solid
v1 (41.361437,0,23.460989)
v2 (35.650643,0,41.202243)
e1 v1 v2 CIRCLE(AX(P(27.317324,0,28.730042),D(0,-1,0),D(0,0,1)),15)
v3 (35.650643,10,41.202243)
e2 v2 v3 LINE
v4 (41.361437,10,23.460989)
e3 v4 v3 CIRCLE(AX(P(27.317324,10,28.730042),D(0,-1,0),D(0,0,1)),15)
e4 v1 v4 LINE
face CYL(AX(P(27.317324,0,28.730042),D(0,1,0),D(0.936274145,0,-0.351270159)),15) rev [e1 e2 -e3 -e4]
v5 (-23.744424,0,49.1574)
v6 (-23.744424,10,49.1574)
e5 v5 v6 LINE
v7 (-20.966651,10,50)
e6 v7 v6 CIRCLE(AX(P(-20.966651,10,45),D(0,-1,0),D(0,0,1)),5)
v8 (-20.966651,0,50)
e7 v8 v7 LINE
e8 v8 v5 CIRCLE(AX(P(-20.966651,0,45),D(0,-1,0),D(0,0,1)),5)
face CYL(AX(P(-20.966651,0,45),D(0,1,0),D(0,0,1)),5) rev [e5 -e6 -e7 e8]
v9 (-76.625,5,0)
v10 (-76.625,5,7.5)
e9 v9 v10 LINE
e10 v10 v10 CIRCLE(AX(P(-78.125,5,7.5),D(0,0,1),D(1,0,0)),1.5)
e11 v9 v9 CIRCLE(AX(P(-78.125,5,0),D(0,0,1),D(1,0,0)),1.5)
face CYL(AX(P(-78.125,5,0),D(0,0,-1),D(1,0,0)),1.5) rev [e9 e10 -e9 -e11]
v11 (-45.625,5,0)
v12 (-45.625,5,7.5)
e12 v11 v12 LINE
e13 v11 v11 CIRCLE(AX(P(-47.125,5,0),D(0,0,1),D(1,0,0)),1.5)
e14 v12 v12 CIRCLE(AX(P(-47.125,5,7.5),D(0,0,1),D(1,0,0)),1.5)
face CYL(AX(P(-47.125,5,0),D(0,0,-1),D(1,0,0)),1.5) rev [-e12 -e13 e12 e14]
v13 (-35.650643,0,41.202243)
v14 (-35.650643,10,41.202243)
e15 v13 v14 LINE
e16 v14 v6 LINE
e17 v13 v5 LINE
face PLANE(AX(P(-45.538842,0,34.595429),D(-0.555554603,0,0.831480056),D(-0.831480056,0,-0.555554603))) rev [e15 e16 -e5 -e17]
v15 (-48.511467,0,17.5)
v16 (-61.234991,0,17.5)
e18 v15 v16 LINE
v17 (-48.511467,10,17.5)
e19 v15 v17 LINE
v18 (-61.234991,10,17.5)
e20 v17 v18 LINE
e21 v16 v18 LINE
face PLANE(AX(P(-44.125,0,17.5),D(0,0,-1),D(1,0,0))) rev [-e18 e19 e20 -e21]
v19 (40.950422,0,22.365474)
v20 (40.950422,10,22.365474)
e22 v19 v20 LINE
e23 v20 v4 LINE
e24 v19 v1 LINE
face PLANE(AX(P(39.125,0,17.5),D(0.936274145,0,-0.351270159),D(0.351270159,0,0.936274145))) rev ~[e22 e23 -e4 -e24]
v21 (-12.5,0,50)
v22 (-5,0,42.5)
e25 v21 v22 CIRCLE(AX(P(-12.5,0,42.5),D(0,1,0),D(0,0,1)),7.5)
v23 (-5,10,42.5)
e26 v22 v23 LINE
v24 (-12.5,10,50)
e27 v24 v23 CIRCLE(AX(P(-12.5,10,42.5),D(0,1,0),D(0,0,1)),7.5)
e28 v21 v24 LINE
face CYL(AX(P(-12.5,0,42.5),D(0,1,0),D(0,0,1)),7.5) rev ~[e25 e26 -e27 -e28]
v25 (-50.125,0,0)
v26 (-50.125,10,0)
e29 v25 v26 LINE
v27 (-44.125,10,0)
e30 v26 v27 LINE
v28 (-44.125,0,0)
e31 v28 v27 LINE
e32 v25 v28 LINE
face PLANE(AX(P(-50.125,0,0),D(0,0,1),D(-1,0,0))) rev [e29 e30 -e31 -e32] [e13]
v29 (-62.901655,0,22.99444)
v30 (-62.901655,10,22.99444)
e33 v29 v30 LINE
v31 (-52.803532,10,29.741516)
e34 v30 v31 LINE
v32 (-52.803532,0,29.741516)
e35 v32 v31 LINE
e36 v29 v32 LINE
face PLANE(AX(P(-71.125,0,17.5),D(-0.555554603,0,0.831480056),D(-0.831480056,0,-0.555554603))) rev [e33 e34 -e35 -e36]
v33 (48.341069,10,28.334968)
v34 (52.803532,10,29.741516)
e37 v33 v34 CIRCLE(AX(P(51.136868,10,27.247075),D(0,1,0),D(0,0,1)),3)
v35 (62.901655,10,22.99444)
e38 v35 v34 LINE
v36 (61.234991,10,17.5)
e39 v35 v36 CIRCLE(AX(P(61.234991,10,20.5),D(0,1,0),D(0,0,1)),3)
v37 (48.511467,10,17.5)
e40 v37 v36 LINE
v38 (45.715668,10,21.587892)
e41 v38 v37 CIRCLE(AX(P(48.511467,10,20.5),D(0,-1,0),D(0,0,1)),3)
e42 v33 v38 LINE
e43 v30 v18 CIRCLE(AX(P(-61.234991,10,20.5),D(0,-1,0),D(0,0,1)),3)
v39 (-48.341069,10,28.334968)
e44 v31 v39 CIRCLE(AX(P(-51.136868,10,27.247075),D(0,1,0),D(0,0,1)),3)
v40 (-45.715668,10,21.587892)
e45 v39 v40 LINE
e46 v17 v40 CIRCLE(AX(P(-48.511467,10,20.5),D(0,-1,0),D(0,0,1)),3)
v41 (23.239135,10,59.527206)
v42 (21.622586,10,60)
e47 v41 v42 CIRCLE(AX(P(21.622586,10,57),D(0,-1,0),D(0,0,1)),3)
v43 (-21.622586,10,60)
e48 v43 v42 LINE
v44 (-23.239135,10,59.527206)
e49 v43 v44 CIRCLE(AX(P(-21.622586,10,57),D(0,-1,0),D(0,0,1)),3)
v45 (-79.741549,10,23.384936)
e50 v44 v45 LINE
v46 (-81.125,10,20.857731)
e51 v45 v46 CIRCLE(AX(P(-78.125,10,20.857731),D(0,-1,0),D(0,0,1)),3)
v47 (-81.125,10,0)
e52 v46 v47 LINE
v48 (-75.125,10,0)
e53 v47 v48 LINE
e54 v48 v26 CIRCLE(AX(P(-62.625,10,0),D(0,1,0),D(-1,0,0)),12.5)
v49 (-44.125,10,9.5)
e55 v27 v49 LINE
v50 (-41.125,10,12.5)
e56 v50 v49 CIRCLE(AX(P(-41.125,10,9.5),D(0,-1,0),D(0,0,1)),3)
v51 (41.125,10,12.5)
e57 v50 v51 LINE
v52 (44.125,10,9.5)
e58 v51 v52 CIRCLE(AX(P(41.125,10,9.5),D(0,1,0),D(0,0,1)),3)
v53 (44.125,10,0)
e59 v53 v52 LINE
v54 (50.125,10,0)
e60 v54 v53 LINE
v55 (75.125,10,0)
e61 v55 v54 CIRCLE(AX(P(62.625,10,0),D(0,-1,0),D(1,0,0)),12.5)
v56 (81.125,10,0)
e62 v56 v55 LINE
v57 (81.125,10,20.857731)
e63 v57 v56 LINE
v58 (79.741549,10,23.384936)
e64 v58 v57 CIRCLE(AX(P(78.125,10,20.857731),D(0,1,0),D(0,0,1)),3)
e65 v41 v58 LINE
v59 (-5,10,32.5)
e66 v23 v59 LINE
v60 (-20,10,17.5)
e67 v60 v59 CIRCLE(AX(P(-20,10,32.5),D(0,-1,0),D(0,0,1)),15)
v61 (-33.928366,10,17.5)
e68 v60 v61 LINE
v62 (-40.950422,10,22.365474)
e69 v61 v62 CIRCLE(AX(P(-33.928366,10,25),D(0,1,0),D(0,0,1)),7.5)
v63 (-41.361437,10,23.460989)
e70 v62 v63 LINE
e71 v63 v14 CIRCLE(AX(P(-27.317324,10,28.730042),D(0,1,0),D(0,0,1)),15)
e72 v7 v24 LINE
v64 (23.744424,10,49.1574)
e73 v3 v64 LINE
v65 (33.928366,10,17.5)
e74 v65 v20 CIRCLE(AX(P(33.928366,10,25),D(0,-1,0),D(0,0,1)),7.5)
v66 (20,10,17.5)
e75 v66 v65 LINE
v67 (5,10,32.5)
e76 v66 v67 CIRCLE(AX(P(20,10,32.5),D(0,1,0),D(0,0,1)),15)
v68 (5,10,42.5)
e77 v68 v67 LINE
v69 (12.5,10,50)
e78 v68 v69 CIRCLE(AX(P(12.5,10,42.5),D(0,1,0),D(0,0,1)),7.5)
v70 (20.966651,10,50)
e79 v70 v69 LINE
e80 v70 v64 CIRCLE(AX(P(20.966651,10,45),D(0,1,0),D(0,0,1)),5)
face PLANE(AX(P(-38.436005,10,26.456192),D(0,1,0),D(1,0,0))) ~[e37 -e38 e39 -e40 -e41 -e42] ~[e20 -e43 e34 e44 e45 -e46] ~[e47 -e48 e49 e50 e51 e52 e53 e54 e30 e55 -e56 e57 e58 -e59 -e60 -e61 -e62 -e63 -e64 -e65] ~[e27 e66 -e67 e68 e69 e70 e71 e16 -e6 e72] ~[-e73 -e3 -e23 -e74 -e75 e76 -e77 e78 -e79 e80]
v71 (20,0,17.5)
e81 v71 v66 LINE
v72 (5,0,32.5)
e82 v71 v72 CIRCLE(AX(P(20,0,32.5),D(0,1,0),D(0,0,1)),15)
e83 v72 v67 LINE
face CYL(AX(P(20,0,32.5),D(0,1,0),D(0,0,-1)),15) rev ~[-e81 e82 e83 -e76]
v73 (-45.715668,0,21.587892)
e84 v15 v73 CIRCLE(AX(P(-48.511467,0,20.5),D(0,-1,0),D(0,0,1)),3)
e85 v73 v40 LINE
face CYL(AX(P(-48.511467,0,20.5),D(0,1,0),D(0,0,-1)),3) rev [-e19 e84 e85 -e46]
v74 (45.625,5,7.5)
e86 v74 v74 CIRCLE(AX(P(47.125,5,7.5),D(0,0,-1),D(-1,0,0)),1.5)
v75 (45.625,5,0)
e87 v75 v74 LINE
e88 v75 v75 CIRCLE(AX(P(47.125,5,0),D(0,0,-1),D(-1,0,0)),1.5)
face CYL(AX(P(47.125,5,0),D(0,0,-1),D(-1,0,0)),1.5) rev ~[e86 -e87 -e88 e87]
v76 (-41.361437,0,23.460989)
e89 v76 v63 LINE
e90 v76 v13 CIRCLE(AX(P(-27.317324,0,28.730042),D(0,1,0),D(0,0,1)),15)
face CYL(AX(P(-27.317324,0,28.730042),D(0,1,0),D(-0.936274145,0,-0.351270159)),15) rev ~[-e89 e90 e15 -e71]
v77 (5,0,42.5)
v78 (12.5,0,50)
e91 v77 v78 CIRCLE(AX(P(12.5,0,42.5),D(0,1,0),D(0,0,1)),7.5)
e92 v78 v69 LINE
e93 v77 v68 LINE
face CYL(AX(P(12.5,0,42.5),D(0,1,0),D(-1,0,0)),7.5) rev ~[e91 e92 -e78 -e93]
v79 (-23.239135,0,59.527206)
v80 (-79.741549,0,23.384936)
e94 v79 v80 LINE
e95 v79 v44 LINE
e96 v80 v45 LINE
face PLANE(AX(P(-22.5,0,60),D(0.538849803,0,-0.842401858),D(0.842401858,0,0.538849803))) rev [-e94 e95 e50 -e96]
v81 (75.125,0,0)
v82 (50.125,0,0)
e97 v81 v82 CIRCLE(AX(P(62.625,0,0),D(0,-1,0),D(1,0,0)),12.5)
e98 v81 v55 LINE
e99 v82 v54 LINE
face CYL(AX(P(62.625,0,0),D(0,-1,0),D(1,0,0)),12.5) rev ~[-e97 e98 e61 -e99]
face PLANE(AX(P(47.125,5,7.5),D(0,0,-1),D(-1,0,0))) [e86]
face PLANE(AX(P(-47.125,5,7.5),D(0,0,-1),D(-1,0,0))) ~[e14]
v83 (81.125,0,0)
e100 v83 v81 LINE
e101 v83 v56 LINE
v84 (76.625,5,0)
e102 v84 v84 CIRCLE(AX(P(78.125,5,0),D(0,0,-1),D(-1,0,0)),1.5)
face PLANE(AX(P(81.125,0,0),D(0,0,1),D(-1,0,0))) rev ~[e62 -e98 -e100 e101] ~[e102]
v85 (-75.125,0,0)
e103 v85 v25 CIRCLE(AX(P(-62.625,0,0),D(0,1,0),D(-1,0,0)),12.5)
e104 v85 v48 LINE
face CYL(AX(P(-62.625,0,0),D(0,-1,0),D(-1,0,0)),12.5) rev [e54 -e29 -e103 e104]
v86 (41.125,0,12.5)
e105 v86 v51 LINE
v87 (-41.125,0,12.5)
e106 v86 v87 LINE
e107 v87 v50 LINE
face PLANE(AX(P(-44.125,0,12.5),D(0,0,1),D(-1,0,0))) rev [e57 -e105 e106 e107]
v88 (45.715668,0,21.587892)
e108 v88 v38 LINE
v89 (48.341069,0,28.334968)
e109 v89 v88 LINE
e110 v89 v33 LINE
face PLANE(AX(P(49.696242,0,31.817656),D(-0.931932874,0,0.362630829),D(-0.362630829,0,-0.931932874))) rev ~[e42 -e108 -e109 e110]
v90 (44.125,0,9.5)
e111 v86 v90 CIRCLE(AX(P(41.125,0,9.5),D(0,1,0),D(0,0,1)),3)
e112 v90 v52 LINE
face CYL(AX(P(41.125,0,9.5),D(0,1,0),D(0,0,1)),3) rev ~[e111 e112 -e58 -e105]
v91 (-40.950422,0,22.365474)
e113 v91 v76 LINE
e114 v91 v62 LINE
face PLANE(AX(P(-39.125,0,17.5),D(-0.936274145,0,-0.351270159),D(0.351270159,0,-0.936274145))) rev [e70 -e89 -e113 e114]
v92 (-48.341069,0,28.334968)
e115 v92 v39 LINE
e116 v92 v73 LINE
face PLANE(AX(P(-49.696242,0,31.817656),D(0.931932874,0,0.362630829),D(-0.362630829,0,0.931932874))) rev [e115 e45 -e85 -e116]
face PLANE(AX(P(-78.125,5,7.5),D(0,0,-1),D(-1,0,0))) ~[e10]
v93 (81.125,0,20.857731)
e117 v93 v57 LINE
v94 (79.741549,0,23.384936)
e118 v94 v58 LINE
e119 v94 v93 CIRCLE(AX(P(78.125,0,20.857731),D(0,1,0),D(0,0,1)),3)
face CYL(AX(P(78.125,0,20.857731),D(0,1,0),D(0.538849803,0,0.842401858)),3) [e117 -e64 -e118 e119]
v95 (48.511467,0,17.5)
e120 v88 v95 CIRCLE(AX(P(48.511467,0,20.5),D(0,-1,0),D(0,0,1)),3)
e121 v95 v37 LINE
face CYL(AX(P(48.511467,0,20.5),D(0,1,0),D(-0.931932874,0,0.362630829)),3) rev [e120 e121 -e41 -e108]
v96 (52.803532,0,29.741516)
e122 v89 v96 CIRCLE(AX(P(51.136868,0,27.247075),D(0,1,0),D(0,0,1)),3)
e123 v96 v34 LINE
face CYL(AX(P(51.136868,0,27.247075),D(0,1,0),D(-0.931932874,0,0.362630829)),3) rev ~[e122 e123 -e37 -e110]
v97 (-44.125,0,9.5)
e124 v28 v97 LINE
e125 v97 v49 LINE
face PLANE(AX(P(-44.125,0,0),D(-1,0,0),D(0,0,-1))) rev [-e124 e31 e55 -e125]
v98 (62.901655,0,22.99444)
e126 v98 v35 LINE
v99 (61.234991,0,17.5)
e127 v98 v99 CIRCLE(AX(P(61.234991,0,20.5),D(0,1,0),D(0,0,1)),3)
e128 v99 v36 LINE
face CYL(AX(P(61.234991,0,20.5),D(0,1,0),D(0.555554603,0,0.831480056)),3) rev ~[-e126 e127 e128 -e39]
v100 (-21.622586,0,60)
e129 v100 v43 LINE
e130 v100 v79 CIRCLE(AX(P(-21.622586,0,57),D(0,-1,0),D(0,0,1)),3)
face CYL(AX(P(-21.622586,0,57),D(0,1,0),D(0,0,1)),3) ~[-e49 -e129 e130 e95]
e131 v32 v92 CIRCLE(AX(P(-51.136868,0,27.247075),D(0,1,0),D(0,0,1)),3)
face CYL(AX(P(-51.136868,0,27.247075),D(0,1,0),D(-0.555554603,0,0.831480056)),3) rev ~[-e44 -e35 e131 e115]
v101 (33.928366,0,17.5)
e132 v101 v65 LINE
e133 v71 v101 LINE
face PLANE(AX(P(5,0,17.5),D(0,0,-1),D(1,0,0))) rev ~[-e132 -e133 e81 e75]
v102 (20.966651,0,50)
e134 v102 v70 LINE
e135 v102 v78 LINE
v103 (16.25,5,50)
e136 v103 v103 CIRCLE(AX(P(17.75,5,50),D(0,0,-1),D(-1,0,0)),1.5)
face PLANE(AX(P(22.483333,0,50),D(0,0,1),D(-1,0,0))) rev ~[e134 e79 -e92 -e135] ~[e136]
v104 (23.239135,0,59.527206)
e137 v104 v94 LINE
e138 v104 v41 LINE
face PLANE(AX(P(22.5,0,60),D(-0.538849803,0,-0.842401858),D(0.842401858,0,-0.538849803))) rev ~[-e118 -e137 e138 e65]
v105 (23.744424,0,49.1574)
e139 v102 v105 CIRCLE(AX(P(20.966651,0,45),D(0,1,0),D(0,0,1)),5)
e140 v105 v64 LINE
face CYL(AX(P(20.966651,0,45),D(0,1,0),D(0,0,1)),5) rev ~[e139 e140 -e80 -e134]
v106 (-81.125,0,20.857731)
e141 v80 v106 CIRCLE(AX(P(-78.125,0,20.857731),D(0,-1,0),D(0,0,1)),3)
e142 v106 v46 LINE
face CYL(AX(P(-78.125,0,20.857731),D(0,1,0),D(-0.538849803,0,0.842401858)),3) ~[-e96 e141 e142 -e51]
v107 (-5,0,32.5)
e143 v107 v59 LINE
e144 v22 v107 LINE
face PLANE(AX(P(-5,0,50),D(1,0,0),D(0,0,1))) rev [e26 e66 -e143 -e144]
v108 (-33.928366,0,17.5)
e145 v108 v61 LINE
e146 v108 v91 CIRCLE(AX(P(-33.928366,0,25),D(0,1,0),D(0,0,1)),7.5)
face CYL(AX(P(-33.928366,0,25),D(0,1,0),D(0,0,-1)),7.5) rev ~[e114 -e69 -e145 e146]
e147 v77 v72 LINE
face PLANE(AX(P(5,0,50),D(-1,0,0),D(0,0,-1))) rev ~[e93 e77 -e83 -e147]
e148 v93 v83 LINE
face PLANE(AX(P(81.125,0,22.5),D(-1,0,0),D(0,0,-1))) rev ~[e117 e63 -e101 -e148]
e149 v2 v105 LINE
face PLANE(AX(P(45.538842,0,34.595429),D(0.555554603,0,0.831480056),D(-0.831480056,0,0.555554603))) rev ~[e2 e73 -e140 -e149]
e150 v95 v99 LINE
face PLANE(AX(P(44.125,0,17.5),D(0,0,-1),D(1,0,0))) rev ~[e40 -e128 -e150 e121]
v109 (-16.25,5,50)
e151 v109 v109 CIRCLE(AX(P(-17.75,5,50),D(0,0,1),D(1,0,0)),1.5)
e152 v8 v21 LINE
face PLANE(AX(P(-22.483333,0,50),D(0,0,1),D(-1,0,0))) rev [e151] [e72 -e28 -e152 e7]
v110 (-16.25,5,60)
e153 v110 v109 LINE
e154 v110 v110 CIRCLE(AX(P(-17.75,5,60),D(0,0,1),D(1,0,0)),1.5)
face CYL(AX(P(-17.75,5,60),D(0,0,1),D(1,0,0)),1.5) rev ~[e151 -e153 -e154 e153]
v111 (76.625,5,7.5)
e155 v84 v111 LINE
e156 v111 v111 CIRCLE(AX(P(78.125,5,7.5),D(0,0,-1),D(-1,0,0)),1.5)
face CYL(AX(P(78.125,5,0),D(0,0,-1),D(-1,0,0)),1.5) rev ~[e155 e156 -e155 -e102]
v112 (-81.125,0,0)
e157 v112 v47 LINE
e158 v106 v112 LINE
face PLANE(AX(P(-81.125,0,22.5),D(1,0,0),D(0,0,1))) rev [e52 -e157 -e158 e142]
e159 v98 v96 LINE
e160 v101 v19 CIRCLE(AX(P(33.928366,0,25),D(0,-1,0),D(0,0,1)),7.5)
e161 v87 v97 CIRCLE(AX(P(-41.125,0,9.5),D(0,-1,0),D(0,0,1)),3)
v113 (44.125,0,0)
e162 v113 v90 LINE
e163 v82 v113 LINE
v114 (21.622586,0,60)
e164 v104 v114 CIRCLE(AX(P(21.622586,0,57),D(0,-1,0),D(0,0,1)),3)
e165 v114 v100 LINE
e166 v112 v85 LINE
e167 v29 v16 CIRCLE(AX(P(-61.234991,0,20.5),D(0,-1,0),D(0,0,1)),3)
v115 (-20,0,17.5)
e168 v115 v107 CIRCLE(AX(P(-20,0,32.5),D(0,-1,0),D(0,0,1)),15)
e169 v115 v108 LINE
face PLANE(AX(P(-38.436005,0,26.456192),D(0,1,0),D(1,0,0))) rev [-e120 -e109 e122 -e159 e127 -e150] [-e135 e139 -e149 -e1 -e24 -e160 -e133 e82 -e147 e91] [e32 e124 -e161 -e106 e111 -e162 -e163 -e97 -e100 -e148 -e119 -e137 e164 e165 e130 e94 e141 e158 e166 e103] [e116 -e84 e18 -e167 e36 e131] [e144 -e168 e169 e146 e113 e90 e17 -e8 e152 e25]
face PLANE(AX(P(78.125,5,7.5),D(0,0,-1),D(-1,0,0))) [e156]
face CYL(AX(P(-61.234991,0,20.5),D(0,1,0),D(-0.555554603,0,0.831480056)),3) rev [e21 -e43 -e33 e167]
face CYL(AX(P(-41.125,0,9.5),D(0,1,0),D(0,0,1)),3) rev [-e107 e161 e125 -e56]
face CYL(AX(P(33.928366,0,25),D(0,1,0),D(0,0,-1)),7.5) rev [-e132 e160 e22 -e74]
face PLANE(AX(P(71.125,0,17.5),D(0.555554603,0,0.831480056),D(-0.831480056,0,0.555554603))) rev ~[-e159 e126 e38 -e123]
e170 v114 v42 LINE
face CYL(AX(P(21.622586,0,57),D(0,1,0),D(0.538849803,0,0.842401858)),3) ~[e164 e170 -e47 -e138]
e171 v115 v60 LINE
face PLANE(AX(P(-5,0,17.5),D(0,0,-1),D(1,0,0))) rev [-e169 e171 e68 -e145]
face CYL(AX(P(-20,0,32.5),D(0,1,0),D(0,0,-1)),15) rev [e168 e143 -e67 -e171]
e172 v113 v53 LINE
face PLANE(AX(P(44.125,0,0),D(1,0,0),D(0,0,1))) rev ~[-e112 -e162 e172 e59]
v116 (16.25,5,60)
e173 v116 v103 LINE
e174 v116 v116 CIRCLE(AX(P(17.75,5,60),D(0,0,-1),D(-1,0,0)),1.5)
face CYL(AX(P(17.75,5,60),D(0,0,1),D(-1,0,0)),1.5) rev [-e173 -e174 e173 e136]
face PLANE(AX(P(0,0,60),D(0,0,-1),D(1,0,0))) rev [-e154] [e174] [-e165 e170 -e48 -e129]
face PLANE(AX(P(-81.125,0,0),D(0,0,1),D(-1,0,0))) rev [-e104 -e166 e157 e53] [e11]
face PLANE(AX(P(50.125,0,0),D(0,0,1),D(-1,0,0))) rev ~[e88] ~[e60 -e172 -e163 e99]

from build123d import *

# Parameters (mm, degrees)
BOSS_EXTRUDE1_DEPTH = 10
CUT_EXTRUDE5_REACH  = 103.397
SKETCH9_R           = 1.5
FILLET10_R          = 3
FILLET11_R          = 3
FILLET12_R          = 3
FILLET13_R          = 7.5
FILLET14_R          = 15
FILLET16_R          = 15
FILLET18_R          = 15
FILLET19_R          = 7.5
FILLET22_R          = 3
FILLET23_R          = 3
FILLET24_R          = 15
FILLET25_R          = 3
FILLET26_R          = 3
FILLET27_R          = 3
FILLET28_R          = 3
FILLET29_R          = 3
FILLET30_R          = 3
FILLET31_R          = 3
SKETCH11_R          = 1.5
CUT_EXTRUDE6_DEPTH  = 7.5
FILLET32_R          = 7.5
FILLET33_R          = 5
FILLET34_R          = 7.5
FILLET36_R          = 5


with BuildPart() as part:
    # Sketch1 → Boss-Extrude1 (new body)
    with BuildSketch(Plane(origin=(0, 0, 0), x_dir=(1, 0, 0), z_dir=(0, 1, 0))):
        with BuildLine():
            Line((0, -12.5), (0, -60))
            Line((0, -60), (22.5, -60))
            Line((22.5, -60), (81.125, -22.5))
            Line((81.125, -22.5), (81.125, 0))
            Line((81.125, 0), (75.125, 0))
            ThreePointArc((75.125, 0), (62.625, -12.5), (50.125, 0))
            Line((50.125, 0), (44.125, 0))
            Line((44.125, 0), (44.125, -12.5))
            Line((44.125, -12.5), (0, -12.5))
        make_face()
        Polygon((39.125, -17.5), (45.538841531, -34.595428821), (22.483333333, -50), (5, -50), (5, -17.5), align=None, mode=Mode.SUBTRACT)
        Polygon((71.125, -17.5), (49.69624181, -31.817655806), (44.125, -17.5), align=None, mode=Mode.SUBTRACT)
    boss_extrude1 = extrude(amount=BOSS_EXTRUDE1_DEPTH)

    # Mirror1: Boss-Extrude1 across plane
    add(boss_extrude1.mirror(Plane(origin=(0, 10, 0), x_dir=(0, 0, 1), z_dir=(-1, 0, 0))))

    # Sketch9 → Cut-Extrude5 (cut, up to next)
    with BuildSketch(Plane.XY.offset(60), mode=Mode.PRIVATE) as cut_extrude5_sk1:
        with Locations((-17.75, 5)):
            Circle(SKETCH9_R)
    cut_extrude5_tool1 = extrude(cut_extrude5_sk1.sketch, amount=-CUT_EXTRUDE5_REACH, mode=Mode.PRIVATE) & part.part
    cut_extrude5 = cut_extrude5_tool1.solids().sort_by_distance((-17.75, 5, 60))[0]
    add(cut_extrude5, mode=Mode.SUBTRACT)

    # Mirror2: Cut-Extrude5 across plane
    add(cut_extrude5.mirror(Plane(origin=(0, 0, 0), x_dir=(0, 0, 1), z_dir=(1, 0, 0))), mode=Mode.SUBTRACT)

    # Fillet10
    fillet10_edges = [part.edges().sort_by_distance(p)[0] for p in [
        (71.125, 5, 17.5),
    ]]
    fillet(fillet10_edges, radius=FILLET10_R)

    # Fillet11
    fillet11_edges = [part.edges().sort_by_distance(p)[0] for p in [
        (44.125, 5, 17.5),
    ]]
    fillet(fillet11_edges, radius=FILLET11_R)

    # Fillet12
    fillet12_edges = [part.edges().sort_by_distance(p)[0] for p in [
        (49.69624181, 5, 31.817655806),
    ]]
    fillet(fillet12_edges, radius=FILLET12_R)

    # Fillet13
    fillet13_edges = [part.edges().sort_by_distance(p)[0] for p in [
        (39.125, 5, 17.5),
    ]]
    fillet(fillet13_edges, radius=FILLET13_R)

    # Fillet14
    fillet14_edges = [part.edges().sort_by_distance(p)[0] for p in [
        (45.538841531, 5, 34.595428821),
    ]]
    fillet(fillet14_edges, radius=FILLET14_R)

    # Fillet16
    fillet16_edges = [part.edges().sort_by_distance(p)[0] for p in [
        (5, 5, 17.5),
    ]]
    fillet(fillet16_edges, radius=FILLET16_R)

    # Fillet18
    fillet18_edges = [part.edges().sort_by_distance(p)[0] for p in [
        (-5, 5, 17.5),
    ]]
    fillet(fillet18_edges, radius=FILLET18_R)

    # Fillet19
    fillet19_edges = [part.edges().sort_by_distance(p)[0] for p in [
        (-39.125, 5, 17.5),
    ]]
    fillet(fillet19_edges, radius=FILLET19_R)

    # Fillet22
    fillet22_edges = [part.edges().sort_by_distance(p)[0] for p in [
        (44.125, 5, 12.5),
    ]]
    fillet(fillet22_edges, radius=FILLET22_R)

    # Fillet23
    fillet23_edges = [part.edges().sort_by_distance(p)[0] for p in [
        (-44.125, 5, 12.5),
    ]]
    fillet(fillet23_edges, radius=FILLET23_R)

    # Fillet24
    fillet24_edges = [part.edges().sort_by_distance(p)[0] for p in [
        (-45.538841531, 5, 34.595428821),
    ]]
    fillet(fillet24_edges, radius=FILLET24_R)

    # Fillet25
    fillet25_edges = [part.edges().sort_by_distance(p)[0] for p in [
        (-44.125, 5, 17.5),
    ]]
    fillet(fillet25_edges, radius=FILLET25_R)

    # Fillet26
    fillet26_edges = [part.edges().sort_by_distance(p)[0] for p in [
        (-49.69624181, 5, 31.817655806),
    ]]
    fillet(fillet26_edges, radius=FILLET26_R)

    # Fillet27
    fillet27_edges = [part.edges().sort_by_distance(p)[0] for p in [
        (-71.125, 5, 17.5),
    ]]
    fillet(fillet27_edges, radius=FILLET27_R)

    # Fillet28
    fillet28_edges = [part.edges().sort_by_distance(p)[0] for p in [
        (22.5, 5, 60),
    ]]
    fillet(fillet28_edges, radius=FILLET28_R)

    # Fillet29
    fillet29_edges = [part.edges().sort_by_distance(p)[0] for p in [
        (-22.5, 5, 60),
    ]]
    fillet(fillet29_edges, radius=FILLET29_R)

    # Fillet30
    fillet30_edges = [part.edges().sort_by_distance(p)[0] for p in [
        (81.125, 5, 22.5),
    ]]
    fillet(fillet30_edges, radius=FILLET30_R)

    # Fillet31
    fillet31_edges = [part.edges().sort_by_distance(p)[0] for p in [
        (-81.125, 5, 22.5),
    ]]
    fillet(fillet31_edges, radius=FILLET31_R)

    # Sketch11 → Cut-Extrude6 (cut)
    with BuildSketch(Plane(origin=(0, 0, 0), x_dir=(-1, 0, 0), z_dir=(0, 0, -1))):
        with Locations((-78.125, 5)):
            Circle(SKETCH11_R)
        with Locations((-47.125, 5)):
            Circle(SKETCH11_R)
    cut_extrude6 = extrude(amount=-CUT_EXTRUDE6_DEPTH, mode=Mode.SUBTRACT)

    # Mirror3: Cut-Extrude6 across plane
    add(cut_extrude6.mirror(Plane(origin=(0, 0, 0), x_dir=(0, 0, 1), z_dir=(1, 0, 0))), mode=Mode.SUBTRACT)

    # Fillet32
    fillet32_edges = [part.edges().sort_by_distance(p)[0] for p in [
        (5, 5, 50),
    ]]
    fillet(fillet32_edges, radius=FILLET32_R)

    # Fillet33
    fillet33_edges = [part.edges().sort_by_distance(p)[0] for p in [
        (22.483333333, 5, 50),
    ]]
    fillet(fillet33_edges, radius=FILLET33_R)

    # Fillet34
    fillet34_edges = [part.edges().sort_by_distance(p)[0] for p in [
        (-5, 5, 50),
    ]]
    fillet(fillet34_edges, radius=FILLET34_R)

    # Fillet36
    fillet36_edges = [part.edges().sort_by_distance(p)[0] for p in [
        (-22.483333333, 5, 50),
    ]]
    fillet(fillet36_edges, radius=FILLET36_R)


solid = part.part
